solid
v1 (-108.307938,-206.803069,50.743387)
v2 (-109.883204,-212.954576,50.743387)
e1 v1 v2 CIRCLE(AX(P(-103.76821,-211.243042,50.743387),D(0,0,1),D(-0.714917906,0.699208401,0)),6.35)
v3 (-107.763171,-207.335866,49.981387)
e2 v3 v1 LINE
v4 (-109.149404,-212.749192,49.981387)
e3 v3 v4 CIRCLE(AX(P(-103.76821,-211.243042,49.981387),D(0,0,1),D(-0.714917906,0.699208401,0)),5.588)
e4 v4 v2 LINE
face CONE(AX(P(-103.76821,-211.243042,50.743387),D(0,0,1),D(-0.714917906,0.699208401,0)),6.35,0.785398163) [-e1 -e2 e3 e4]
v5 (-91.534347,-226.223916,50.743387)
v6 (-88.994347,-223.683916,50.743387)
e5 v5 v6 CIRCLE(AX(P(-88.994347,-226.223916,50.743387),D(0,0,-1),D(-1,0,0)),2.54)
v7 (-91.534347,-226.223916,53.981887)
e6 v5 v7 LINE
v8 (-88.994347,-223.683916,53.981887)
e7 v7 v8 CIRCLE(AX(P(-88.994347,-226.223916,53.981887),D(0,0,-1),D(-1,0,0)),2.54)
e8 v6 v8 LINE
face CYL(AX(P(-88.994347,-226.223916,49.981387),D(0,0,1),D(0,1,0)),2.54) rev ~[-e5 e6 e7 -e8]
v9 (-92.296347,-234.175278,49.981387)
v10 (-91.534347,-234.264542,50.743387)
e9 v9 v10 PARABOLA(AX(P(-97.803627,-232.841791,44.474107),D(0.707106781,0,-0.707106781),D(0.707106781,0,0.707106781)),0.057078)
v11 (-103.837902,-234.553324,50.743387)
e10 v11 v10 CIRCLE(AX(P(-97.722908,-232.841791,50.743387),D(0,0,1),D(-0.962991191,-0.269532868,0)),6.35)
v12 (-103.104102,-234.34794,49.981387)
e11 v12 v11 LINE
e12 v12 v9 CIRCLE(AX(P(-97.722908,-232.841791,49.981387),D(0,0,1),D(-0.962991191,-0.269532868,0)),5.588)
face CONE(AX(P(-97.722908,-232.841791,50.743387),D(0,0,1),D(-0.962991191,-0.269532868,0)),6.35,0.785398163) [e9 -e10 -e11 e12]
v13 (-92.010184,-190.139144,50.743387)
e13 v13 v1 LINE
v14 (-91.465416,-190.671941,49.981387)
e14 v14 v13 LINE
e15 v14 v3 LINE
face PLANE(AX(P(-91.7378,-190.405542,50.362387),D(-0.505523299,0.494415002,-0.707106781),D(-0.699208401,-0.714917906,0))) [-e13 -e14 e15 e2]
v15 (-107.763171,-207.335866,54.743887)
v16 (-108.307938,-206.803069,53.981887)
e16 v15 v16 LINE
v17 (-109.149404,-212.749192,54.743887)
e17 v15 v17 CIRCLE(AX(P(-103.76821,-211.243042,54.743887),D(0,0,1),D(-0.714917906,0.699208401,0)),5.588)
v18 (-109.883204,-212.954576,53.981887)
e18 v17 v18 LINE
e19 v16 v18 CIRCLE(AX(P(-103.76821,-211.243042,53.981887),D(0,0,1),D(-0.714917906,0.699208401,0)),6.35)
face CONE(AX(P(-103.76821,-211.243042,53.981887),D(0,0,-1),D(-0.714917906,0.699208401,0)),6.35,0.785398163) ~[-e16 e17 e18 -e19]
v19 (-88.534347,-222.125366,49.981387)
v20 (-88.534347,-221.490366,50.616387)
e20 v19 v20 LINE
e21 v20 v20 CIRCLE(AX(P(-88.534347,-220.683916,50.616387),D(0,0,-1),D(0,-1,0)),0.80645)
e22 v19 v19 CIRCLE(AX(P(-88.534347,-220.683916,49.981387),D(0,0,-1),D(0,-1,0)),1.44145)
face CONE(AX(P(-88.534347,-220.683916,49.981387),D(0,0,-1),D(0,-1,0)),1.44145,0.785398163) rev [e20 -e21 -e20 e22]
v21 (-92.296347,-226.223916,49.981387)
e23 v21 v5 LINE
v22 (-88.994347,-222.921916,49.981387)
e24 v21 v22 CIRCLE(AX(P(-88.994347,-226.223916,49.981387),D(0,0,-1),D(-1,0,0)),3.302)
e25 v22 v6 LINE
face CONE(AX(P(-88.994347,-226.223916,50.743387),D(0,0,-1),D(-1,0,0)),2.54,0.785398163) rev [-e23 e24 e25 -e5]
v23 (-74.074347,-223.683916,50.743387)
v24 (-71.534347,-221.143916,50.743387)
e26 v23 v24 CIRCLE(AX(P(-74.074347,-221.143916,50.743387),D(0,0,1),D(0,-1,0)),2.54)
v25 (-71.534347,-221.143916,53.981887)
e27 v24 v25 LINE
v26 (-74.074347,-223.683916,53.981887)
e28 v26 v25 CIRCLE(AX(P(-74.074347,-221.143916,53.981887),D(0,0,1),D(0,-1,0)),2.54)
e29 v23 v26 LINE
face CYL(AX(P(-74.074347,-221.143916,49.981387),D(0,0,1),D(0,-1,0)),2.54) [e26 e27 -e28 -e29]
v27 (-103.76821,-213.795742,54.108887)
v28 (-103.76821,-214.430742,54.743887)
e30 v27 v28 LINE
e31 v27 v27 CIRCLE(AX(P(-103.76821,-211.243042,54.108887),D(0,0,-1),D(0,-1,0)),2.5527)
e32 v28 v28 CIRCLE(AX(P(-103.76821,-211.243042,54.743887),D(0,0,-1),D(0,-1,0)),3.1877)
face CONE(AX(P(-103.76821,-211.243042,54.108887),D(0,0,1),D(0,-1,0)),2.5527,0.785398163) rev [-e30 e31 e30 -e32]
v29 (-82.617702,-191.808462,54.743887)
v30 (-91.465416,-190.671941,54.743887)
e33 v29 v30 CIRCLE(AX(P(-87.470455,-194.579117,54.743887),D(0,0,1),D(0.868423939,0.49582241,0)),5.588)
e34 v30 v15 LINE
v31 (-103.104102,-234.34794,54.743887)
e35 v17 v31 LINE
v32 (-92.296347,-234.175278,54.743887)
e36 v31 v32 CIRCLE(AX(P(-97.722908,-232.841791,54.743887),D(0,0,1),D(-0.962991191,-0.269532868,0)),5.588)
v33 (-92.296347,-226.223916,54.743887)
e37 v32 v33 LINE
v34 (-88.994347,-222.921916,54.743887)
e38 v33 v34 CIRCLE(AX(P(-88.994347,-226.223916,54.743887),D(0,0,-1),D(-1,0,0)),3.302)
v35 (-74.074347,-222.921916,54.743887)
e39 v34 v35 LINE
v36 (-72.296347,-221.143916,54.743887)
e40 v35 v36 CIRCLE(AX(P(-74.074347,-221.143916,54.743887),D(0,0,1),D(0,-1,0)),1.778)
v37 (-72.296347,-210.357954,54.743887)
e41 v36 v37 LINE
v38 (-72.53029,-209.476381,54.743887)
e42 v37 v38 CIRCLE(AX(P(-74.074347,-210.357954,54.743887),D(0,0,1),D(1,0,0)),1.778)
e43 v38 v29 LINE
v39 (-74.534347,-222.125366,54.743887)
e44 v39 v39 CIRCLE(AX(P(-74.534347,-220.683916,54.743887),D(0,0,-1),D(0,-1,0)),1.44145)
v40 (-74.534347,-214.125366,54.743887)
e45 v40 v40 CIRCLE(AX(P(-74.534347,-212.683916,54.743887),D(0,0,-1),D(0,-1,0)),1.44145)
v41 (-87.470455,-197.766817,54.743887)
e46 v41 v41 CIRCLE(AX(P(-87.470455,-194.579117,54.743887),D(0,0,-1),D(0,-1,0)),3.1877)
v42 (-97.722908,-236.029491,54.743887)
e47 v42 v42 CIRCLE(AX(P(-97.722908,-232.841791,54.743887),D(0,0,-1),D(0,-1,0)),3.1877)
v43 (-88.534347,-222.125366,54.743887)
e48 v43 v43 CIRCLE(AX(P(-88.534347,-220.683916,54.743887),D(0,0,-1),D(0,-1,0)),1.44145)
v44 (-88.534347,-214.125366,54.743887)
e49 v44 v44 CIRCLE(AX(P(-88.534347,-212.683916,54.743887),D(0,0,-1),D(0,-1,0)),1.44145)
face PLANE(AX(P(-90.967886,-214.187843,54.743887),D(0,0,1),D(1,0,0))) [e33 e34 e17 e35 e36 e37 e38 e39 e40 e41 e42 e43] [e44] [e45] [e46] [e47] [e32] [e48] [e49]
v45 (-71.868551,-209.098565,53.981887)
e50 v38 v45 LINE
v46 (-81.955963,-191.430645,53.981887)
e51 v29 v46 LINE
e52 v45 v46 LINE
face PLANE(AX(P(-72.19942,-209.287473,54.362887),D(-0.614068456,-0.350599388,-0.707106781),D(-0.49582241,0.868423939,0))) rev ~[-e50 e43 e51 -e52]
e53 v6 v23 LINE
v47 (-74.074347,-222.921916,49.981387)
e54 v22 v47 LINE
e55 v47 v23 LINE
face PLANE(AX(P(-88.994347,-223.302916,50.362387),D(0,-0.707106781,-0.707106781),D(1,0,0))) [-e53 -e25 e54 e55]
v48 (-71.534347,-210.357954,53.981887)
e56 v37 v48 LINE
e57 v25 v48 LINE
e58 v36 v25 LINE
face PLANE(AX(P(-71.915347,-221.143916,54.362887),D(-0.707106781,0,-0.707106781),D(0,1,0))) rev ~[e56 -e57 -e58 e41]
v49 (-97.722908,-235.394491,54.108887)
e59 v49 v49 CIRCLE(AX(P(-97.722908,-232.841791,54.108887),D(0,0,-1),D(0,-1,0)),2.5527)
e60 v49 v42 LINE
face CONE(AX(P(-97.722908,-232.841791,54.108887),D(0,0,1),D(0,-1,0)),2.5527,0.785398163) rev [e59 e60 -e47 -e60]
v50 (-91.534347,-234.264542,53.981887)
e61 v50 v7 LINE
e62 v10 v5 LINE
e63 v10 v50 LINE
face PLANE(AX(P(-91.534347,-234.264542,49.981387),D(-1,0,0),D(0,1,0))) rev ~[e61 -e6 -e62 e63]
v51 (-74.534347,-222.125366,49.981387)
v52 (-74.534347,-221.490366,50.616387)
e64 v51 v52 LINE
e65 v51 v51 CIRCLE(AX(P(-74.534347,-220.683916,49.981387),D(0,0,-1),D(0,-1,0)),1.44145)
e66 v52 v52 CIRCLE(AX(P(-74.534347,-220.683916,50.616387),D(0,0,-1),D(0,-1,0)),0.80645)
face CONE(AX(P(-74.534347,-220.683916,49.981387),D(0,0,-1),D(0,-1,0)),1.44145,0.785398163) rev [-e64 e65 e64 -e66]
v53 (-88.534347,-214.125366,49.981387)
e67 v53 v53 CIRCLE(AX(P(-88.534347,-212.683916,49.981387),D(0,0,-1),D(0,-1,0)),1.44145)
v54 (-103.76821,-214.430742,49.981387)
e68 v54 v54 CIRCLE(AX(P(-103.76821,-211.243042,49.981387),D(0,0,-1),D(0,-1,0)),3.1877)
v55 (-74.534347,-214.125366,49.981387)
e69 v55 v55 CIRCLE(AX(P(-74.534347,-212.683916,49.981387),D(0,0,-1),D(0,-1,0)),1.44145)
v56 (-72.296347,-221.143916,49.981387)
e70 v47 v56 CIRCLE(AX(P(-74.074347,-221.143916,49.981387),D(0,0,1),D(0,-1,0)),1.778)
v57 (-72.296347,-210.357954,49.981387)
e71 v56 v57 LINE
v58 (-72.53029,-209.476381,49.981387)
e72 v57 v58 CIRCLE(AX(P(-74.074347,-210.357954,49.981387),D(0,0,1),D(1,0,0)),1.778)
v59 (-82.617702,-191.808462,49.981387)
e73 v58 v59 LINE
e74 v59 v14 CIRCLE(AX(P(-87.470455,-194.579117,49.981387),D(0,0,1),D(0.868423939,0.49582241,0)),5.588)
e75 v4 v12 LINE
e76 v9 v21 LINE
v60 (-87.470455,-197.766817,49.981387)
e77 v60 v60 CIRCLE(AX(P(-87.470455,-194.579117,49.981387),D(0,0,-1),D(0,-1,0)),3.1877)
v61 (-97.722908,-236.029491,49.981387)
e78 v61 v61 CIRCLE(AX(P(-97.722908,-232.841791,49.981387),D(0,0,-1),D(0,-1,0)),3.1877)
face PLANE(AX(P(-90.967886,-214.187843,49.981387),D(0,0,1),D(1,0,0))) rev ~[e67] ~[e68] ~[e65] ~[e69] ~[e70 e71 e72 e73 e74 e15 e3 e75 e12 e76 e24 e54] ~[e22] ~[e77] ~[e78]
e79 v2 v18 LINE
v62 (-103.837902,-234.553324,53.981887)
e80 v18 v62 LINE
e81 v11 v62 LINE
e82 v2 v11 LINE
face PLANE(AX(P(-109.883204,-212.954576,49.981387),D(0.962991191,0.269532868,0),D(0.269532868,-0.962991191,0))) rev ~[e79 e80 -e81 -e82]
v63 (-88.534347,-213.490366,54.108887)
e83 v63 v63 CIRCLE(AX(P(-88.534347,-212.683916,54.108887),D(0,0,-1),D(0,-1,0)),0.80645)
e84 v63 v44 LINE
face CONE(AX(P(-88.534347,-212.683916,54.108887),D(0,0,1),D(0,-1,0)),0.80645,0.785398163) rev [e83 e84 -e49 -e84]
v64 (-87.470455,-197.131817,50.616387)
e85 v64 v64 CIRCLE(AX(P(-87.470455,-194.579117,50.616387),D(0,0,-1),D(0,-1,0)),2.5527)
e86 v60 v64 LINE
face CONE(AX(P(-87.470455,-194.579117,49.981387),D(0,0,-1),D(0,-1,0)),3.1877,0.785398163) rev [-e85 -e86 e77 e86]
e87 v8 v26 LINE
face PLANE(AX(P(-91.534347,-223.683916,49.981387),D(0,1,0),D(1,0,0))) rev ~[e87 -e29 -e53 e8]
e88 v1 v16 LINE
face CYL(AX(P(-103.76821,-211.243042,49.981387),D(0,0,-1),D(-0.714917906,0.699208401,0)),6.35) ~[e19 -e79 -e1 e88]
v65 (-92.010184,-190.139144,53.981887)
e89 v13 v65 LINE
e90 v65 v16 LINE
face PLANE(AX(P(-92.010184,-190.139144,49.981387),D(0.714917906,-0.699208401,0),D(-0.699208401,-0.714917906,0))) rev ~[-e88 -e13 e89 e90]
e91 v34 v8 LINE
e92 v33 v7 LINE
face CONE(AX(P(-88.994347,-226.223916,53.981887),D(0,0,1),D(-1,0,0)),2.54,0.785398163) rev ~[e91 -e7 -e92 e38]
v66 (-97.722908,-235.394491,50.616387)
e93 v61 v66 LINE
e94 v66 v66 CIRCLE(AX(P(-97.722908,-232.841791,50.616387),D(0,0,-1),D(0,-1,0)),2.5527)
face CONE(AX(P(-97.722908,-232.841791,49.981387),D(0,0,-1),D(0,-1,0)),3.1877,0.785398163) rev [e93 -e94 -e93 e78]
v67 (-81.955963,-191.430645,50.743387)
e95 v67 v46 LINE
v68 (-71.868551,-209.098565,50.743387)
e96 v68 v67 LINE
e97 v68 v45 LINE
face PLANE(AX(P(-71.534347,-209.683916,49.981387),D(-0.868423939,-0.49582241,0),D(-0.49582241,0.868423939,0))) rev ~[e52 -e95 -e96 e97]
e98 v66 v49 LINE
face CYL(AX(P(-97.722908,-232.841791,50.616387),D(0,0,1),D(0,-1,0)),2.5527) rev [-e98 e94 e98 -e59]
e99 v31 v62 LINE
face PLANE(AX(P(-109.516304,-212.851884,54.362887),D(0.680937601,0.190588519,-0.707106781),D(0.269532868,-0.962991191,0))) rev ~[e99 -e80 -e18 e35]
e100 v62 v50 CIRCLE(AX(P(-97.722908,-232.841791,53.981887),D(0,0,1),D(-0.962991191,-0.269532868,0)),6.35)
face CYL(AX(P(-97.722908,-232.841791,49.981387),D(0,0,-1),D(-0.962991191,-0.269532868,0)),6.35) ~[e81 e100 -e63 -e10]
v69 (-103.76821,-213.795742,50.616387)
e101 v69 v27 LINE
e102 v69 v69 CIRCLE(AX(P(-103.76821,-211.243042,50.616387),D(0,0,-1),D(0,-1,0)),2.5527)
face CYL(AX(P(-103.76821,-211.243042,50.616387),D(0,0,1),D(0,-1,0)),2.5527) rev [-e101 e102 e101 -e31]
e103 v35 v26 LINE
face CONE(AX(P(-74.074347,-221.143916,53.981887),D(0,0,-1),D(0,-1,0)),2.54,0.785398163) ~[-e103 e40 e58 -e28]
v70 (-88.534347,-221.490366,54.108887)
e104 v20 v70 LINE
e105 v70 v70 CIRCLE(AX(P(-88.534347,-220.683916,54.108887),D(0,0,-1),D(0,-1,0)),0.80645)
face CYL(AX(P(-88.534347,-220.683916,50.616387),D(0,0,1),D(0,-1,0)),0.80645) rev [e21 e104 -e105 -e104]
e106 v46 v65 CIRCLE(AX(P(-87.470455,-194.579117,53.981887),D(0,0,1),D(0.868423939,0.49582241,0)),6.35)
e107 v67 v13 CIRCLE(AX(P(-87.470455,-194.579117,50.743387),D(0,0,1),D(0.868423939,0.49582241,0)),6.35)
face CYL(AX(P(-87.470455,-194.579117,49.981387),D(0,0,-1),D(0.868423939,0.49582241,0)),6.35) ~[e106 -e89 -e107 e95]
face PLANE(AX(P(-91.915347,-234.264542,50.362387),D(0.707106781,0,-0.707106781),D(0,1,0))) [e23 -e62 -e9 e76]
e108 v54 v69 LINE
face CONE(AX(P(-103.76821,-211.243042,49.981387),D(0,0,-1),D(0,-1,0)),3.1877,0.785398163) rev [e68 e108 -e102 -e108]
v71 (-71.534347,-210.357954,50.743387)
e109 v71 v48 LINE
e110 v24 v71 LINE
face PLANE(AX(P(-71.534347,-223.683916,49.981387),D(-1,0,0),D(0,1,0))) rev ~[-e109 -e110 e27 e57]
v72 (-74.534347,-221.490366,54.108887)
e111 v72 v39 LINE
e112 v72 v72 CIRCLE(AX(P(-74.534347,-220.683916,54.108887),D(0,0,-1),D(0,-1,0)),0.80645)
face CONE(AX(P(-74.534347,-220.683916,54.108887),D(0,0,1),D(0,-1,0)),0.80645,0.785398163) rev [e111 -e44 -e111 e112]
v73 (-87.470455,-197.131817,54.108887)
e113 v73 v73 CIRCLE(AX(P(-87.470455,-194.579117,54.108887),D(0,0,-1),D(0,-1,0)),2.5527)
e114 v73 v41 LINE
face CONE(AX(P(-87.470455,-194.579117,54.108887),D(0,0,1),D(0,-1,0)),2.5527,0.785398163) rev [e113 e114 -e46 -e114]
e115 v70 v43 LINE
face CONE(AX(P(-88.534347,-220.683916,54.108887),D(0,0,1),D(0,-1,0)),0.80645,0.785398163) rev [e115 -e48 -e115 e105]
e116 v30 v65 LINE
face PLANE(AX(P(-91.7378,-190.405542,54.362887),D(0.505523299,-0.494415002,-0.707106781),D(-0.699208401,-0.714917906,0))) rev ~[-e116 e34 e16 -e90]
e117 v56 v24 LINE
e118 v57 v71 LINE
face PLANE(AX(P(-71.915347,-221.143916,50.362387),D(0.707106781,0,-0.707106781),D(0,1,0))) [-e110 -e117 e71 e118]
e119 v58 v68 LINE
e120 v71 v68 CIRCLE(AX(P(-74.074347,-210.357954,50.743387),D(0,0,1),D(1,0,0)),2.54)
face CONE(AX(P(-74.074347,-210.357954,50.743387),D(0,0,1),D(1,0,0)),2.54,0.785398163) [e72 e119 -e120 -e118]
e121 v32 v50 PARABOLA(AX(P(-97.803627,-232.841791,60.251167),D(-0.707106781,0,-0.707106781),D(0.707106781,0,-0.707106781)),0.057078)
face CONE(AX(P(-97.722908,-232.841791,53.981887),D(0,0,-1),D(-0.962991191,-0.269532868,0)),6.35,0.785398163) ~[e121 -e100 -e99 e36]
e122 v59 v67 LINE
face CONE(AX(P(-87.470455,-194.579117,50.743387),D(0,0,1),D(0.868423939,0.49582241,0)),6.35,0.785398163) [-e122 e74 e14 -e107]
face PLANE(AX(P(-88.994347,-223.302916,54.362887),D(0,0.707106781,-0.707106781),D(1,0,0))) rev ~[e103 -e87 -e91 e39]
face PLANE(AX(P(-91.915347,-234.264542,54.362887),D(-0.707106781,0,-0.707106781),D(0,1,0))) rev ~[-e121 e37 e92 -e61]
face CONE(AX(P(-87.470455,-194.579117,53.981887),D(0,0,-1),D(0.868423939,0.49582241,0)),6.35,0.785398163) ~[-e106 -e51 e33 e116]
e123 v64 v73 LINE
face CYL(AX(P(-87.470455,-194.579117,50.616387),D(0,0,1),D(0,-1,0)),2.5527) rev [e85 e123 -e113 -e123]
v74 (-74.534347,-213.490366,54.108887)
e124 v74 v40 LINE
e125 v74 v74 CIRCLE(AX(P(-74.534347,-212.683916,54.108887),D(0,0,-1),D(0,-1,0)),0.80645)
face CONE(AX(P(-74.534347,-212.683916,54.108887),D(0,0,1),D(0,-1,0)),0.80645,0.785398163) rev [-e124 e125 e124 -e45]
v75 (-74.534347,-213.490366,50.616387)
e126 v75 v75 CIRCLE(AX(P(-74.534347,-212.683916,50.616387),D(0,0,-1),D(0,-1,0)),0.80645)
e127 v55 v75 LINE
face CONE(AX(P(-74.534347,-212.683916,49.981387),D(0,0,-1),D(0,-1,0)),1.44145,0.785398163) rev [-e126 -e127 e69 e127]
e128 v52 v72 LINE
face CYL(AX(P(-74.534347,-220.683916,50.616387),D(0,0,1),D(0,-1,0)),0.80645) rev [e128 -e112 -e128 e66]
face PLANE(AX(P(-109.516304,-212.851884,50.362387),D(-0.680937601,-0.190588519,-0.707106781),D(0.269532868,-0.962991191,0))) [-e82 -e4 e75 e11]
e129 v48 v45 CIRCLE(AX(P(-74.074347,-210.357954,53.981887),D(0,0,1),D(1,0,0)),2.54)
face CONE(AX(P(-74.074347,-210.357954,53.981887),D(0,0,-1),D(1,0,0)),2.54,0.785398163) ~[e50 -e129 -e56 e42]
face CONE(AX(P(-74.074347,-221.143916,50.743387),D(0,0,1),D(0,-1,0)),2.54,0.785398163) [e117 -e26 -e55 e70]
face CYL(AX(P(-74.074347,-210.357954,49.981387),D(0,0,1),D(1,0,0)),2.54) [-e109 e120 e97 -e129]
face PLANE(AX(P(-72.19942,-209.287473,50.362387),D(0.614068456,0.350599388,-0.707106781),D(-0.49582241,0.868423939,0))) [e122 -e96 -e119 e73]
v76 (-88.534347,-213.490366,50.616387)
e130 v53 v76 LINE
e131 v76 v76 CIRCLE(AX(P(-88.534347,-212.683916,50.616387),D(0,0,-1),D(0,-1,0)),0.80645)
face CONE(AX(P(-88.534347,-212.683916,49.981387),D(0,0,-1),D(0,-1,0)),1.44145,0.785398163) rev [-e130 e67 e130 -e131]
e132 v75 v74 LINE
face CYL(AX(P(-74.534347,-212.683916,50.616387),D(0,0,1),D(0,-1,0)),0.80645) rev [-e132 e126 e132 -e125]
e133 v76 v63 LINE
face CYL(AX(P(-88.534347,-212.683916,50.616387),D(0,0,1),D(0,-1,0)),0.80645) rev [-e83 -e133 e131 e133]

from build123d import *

# Parameters (mm, degrees)
BOSS_EXTRUDE1_DEPTH                   = 4.7625
F_10_CLEARANCE_HOLE1_AT_2_COUNT       = 2
F_10_CLEARANCE_HOLE1_AT_2_PITCH       = 39.612434438
F_10_CLEARANCE_HOLE1_AT_3_COUNT       = 2
F_10_CLEARANCE_HOLE1_AT_3_PITCH       = 22.428811893
FILLET1_R                             = 2.54
F_52_0_0635_DIAMETER_HOLE1_AT_2_COUNT = 2
F_52_0_0635_DIAMETER_HOLE1_AT_2_PITCH = 14
F_52_0_0635_DIAMETER_HOLE1_AT_3_COUNT = 2
F_52_0_0635_DIAMETER_HOLE1_AT_3_PITCH = 16.124515497
F_52_0_0635_DIAMETER_HOLE1_AT_4_COUNT = 2
F_52_0_0635_DIAMETER_HOLE1_AT_4_PITCH = 8
CHAMFER4_SIZE                         = 0.762


with BuildPart() as part:
    # Sketch2 → Boss-Extrude1 (new body)
    with BuildSketch(Plane.XY.offset(49.981386822)):
        with BuildLine():
            Line((-91.534347313, -223.683915635), (-71.534347313, -223.683915635))
            Line((-71.534347313, -223.683915635), (-71.534347313, -209.683915635))
            Line((-71.534347313, -209.683915635), (-81.955963126, -191.43064496))
            ThreePointArc((-81.955963126, -191.43064496), (-86.661422004, -188.280866285), (-92.010183842, -190.139143919))
            Line((-92.010183842, -190.139143919), (-108.307938293, -206.803069118))
            ThreePointArc((-108.307938293, -206.803069118), (-109.919716645, -209.667777106), (-109.883203649, -212.954576174))
            Line((-109.883203649, -212.954576174), (-103.837901654, -234.553324441))
            ThreePointArc((-103.837901654, -234.553324441), (-97.573904916, -239.190042315), (-91.534347313, -234.264542164))
            Line((-91.534347313, -234.264542164), (-91.534347313, -223.683915635))
        make_face()
    extrude(amount=BOSS_EXTRUDE1_DEPTH)

    # Sketch7 → #10 Clearance Hole1 (revolve, cut)
    with BuildSketch(Plane(origin=(-97.722907594, -232.841790729, 54.743886822), x_dir=(0, -1, 0), z_dir=(1, 0, 0))):
        Polygon((0, 0), (0, 4.7625), (3.1877, 4.7625), (2.5527, 4.1275), (2.5527, 0.635), (3.1877, 0), align=None)
    f_10_clearance_hole1 = revolve(axis=Axis((-97.722907594, -232.841790729, 61.093886822), (0, 0, -1)), mode=Mode.SUBTRACT)

    # #10 Clearance Hole1 at 2: #10 Clearance Hole1 ×2
    with Locations(*[Vector(0.25881904510252135, 0.9659258262890682, 0) * (i * F_10_CLEARANCE_HOLE1_AT_2_PITCH) for i in range(1, F_10_CLEARANCE_HOLE1_AT_2_COUNT)]):
        add(f_10_clearance_hole1, mode=Mode.SUBTRACT)

    # #10 Clearance Hole1 at 3: #10 Clearance Hole1 ×2
    with Locations(*[Vector(-0.2695328680059712, 0.9629911905435459, 0) * (i * F_10_CLEARANCE_HOLE1_AT_3_PITCH) for i in range(1, F_10_CLEARANCE_HOLE1_AT_3_COUNT)]):
        add(f_10_clearance_hole1, mode=Mode.SUBTRACT)

    # Fillet1
    fillet1_edges = [part.edges().sort_by_distance(p)[0] for p in [
        (-71.534347313, -209.683915635, 52.362636822),
        (-71.534347313, -223.683915635, 52.362636822),
        (-91.534347313, -223.683915635, 52.362636822),
    ]]
    fillet(fillet1_edges, radius=FILLET1_R)

    # Sketch9 → #52 (0.0635) Diameter Hole1 (revolve, cut)
    with BuildSketch(Plane(origin=(-88.534347313, -212.683915635, 54.743886822), x_dir=(0, -1, 0), z_dir=(1, 0, 0))):
        Polygon((0, 0), (0, 4.7625), (1.44145, 4.7625), (0.80645, 4.1275), (0.80645, 0.635), (1.44145, 0), align=None)
    f_52_0_0635_diameter_hole1 = revolve(axis=Axis((-88.534347313, -212.683915635, 61.093886822), (0, 0, -1)), mode=Mode.SUBTRACT)

    # #52 (0.0635) Diameter Hole1 at 2: #52 (0.0635) Diameter Hole1 ×2
    with Locations(*[(i * F_52_0_0635_DIAMETER_HOLE1_AT_2_PITCH, 0, 0) for i in range(1, F_52_0_0635_DIAMETER_HOLE1_AT_2_COUNT)]):
        add(f_52_0_0635_diameter_hole1, mode=Mode.SUBTRACT)

    # #52 (0.0635) Diameter Hole1 at 3: #52 (0.0635) Diameter Hole1 ×2
    with Locations(*[Vector(0.86824314212446, -0.49613893835683254, 0) * (i * F_52_0_0635_DIAMETER_HOLE1_AT_3_PITCH) for i in range(1, F_52_0_0635_DIAMETER_HOLE1_AT_3_COUNT)]):
        add(f_52_0_0635_diameter_hole1, mode=Mode.SUBTRACT)

    # #52 (0.0635) Diameter Hole1 at 4: #52 (0.0635) Diameter Hole1 ×2
    with Locations(*[(0, -i * F_52_0_0635_DIAMETER_HOLE1_AT_4_PITCH, 0) for i in range(1, F_52_0_0635_DIAMETER_HOLE1_AT_4_COUNT)]):
        add(f_52_0_0635_diameter_hole1, mode=Mode.SUBTRACT)

    # Chamfer4
    chamfer4_edges = [part.edges().sort_by_distance(p)[0] for p in [
        (-97.573904916, -239.190042315, 49.981386822),
        (-106.860552651, -223.753950307, 49.981386822),
        (-109.919716645, -209.667777106, 49.981386822),
        (-100.159061068, -198.471106519, 49.981386822),
        (-86.661422004, -188.280866285, 49.981386822),
        (-86.661422004, -188.280866285, 54.743886822),
        (-100.159061068, -198.471106519, 54.743886822),
        (-109.919716645, -209.667777106, 54.743886822),
        (-106.860552651, -223.753950307, 54.743886822),
        (-97.573904916, -239.190042315, 54.743886822),
        (-76.912256817, -200.264604887, 49.981386822),
        (-76.912256817, -200.264604887, 54.743886822),
        (-91.534347313, -230.2442289, 49.981386822),
        (-71.534347313, -215.750934685, 49.981386822),
        (-81.534347313, -223.683915635, 49.981386822),
        (-72.278296088, -222.939966859, 49.981386822),
        (-71.619319422, -209.706464627, 49.981386822),
        (-71.534347313, -215.750934685, 54.743886822),
        (-91.534347313, -230.2442289, 54.743886822),
        (-81.534347313, -223.683915635, 54.743886822),
        (-72.278296088, -222.939966859, 54.743886822),
        (-71.619319422, -209.706464627, 54.743886822),
        (-90.790398537, -224.427864411, 49.981386822),
        (-90.790398537, -224.427864411, 54.743886822),
    ]]
    chamfer(chamfer4_edges, length=CHAMFER4_SIZE)


solid = part.part
